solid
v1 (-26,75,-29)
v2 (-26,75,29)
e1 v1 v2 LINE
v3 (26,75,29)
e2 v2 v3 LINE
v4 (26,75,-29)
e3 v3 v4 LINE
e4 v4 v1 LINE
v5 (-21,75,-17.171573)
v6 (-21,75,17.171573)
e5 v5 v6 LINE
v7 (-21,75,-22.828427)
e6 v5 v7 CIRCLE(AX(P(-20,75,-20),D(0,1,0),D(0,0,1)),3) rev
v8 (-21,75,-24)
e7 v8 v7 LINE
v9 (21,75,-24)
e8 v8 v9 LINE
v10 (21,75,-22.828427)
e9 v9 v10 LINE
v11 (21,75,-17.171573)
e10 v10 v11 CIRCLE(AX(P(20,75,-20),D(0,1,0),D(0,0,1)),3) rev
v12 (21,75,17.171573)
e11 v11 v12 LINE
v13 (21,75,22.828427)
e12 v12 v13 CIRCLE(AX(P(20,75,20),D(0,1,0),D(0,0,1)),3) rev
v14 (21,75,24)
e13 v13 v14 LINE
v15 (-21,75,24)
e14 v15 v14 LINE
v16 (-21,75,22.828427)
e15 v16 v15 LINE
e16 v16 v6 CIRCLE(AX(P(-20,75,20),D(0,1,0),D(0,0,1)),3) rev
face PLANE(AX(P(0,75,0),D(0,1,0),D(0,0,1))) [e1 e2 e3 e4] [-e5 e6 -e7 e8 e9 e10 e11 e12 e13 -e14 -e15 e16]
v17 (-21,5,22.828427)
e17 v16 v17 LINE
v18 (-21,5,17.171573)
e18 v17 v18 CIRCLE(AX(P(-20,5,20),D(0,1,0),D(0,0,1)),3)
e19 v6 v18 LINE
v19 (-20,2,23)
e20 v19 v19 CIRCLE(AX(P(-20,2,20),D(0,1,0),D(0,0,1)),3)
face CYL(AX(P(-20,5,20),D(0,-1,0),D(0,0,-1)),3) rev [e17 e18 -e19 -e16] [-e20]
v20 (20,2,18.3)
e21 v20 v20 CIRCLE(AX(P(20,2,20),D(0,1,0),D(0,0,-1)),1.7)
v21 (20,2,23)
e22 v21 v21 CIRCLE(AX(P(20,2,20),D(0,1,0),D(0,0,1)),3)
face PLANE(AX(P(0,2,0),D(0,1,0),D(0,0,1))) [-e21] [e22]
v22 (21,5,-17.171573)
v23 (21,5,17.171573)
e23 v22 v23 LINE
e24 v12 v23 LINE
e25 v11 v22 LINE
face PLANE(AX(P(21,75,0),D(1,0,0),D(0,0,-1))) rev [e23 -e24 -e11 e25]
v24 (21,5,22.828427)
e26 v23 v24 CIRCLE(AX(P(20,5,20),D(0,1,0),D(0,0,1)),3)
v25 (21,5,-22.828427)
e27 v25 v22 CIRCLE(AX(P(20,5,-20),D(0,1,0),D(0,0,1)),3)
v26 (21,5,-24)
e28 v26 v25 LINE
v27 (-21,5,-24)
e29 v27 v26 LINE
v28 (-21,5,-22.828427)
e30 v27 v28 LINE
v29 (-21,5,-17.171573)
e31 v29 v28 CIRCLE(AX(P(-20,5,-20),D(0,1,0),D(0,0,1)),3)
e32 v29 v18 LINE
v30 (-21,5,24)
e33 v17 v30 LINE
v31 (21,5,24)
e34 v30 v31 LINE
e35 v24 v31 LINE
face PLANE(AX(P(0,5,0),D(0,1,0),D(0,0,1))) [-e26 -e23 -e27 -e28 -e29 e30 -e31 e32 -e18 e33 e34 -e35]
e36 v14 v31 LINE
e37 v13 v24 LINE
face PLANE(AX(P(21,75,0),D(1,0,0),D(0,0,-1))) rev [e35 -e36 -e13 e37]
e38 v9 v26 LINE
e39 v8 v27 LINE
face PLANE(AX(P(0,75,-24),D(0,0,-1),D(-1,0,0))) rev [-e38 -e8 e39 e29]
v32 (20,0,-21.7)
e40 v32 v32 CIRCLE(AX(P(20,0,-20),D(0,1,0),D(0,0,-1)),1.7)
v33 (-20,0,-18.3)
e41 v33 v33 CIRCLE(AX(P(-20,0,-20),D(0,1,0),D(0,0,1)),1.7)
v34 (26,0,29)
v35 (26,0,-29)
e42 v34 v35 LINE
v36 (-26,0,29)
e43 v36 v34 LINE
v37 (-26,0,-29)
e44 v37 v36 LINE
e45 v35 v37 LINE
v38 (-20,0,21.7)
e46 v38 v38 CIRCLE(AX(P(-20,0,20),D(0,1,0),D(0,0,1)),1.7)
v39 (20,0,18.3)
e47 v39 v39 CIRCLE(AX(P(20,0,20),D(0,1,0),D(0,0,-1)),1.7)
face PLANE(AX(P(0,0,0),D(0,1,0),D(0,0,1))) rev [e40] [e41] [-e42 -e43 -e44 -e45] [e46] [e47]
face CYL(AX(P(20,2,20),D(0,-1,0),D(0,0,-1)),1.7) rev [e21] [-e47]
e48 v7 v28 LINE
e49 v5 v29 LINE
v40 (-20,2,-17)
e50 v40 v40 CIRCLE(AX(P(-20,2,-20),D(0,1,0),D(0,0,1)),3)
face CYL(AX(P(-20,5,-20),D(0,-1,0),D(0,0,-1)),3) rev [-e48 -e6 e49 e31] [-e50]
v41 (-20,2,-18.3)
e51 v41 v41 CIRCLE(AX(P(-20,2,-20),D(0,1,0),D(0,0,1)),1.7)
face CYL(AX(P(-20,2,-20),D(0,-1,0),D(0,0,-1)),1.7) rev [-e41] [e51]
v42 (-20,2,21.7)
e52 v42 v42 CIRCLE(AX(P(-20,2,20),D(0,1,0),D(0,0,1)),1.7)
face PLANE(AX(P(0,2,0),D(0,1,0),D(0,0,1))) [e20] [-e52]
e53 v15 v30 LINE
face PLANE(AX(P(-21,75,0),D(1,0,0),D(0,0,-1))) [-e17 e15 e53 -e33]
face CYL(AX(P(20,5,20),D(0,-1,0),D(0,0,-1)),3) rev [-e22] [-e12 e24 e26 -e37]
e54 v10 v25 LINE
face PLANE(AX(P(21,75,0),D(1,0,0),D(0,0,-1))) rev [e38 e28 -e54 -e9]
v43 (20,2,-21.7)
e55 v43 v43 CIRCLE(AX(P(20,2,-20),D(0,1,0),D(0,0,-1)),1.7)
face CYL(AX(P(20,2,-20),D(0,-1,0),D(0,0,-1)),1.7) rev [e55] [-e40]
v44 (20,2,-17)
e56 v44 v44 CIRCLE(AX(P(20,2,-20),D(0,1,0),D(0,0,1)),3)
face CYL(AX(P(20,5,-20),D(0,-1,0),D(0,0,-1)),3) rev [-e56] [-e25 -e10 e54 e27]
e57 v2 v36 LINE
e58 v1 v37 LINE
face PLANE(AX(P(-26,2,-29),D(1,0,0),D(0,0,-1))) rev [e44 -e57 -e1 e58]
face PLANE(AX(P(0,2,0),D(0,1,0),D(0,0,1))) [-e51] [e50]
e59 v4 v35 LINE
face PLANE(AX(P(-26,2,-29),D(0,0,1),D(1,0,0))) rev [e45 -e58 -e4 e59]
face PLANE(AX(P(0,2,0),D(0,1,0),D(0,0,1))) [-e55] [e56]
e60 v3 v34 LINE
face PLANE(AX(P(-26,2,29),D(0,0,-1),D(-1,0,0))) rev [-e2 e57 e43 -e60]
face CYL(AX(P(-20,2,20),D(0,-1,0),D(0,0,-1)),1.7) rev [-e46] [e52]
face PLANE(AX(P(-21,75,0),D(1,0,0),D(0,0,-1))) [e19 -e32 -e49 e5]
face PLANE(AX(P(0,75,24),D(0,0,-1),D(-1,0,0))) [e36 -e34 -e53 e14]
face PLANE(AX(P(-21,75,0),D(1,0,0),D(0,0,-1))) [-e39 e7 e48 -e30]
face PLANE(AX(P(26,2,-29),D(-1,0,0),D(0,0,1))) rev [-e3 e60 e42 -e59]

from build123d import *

# Parameters (mm, degrees)
SKETCH1_W           = 52
SKETCH1_H           = 58
SKETCH1_R           = 1.7
BOSS_EXTRUDE1_DEPTH = 2
SKETCH2_W           = 52
SKETCH2_H           = 58
SKETCH2_R           = 3
BOSS_EXTRUDE2_DEPTH = 3
SKETCH3_W           = 52
SKETCH3_H           = 58
BOSS_EXTRUDE3_DEPTH = 70


with BuildPart() as part:
    # Sketch1 → Boss-Extrude1 (new body)
    with BuildSketch(Plane(origin=(0, 0, 0), x_dir=(1, 0, 0), z_dir=(0, 1, 0))):
        Rectangle(SKETCH1_W, SKETCH1_H)
        with Locations((-20, 20)):
            Circle(SKETCH1_R, mode=Mode.SUBTRACT)
        with Locations((-20, -20)):
            Circle(SKETCH1_R, mode=Mode.SUBTRACT)
        with Locations((20, -20)):
            Circle(SKETCH1_R, mode=Mode.SUBTRACT)
        with Locations((20, 20)):
            Circle(SKETCH1_R, mode=Mode.SUBTRACT)
    extrude(amount=BOSS_EXTRUDE1_DEPTH)

    # Sketch2 → Boss-Extrude2 (add)
    with BuildSketch(Plane(origin=(0, 2, 0), x_dir=(1, 0, 0), z_dir=(0, 1, 0))):
        Rectangle(SKETCH2_W, SKETCH2_H)
        with Locations((-20, 20)):
            Circle(SKETCH2_R, mode=Mode.SUBTRACT)
        with Locations((-20, -20)):
            Circle(SKETCH2_R, mode=Mode.SUBTRACT)
        with Locations((20, 20)):
            Circle(SKETCH2_R, mode=Mode.SUBTRACT)
        with Locations((20, -20)):
            Circle(SKETCH2_R, mode=Mode.SUBTRACT)
    extrude(amount=BOSS_EXTRUDE2_DEPTH)

    # Sketch3 → Boss-Extrude3 (add)
    with BuildSketch(Plane(origin=(0, 5, 0), x_dir=(1, 0, 0), z_dir=(0, 1, 0))):
        Rectangle(SKETCH3_W, SKETCH3_H)
        with BuildLine():
            Line((-21, 22.828427125), (-21, 24))
            Line((-21, 24), (21, 24))
            Line((21, 24), (21, 22.828427125))
            ThreePointArc((21, 22.828427125), (22.449489743, 21.732050808), (23, 20))
            ThreePointArc((23, 20), (22.449489743, 18.267949192), (21, 17.171572875))
            Line((21, 17.171572875), (21, -17.171572875))
            ThreePointArc((21, -17.171572875), (22.449489743, -18.267949192), (23, -20))
            ThreePointArc((23, -20), (22.449489743, -21.732050808), (21, -22.828427125))
            Line((21, -22.828427125), (21, -24))
            Line((21, -24), (-21, -24))
            Line((-21, -24), (-21, -22.828427125))
            ThreePointArc((-21, -22.828427125), (-23, -20), (-21, -17.171572875))
            Line((-21, -17.171572875), (-21, 17.171572875))
            ThreePointArc((-21, 17.171572875), (-23, 20), (-21, 22.828427125))
        make_face(mode=Mode.SUBTRACT)
    extrude(amount=BOSS_EXTRUDE3_DEPTH)


solid = part.part
